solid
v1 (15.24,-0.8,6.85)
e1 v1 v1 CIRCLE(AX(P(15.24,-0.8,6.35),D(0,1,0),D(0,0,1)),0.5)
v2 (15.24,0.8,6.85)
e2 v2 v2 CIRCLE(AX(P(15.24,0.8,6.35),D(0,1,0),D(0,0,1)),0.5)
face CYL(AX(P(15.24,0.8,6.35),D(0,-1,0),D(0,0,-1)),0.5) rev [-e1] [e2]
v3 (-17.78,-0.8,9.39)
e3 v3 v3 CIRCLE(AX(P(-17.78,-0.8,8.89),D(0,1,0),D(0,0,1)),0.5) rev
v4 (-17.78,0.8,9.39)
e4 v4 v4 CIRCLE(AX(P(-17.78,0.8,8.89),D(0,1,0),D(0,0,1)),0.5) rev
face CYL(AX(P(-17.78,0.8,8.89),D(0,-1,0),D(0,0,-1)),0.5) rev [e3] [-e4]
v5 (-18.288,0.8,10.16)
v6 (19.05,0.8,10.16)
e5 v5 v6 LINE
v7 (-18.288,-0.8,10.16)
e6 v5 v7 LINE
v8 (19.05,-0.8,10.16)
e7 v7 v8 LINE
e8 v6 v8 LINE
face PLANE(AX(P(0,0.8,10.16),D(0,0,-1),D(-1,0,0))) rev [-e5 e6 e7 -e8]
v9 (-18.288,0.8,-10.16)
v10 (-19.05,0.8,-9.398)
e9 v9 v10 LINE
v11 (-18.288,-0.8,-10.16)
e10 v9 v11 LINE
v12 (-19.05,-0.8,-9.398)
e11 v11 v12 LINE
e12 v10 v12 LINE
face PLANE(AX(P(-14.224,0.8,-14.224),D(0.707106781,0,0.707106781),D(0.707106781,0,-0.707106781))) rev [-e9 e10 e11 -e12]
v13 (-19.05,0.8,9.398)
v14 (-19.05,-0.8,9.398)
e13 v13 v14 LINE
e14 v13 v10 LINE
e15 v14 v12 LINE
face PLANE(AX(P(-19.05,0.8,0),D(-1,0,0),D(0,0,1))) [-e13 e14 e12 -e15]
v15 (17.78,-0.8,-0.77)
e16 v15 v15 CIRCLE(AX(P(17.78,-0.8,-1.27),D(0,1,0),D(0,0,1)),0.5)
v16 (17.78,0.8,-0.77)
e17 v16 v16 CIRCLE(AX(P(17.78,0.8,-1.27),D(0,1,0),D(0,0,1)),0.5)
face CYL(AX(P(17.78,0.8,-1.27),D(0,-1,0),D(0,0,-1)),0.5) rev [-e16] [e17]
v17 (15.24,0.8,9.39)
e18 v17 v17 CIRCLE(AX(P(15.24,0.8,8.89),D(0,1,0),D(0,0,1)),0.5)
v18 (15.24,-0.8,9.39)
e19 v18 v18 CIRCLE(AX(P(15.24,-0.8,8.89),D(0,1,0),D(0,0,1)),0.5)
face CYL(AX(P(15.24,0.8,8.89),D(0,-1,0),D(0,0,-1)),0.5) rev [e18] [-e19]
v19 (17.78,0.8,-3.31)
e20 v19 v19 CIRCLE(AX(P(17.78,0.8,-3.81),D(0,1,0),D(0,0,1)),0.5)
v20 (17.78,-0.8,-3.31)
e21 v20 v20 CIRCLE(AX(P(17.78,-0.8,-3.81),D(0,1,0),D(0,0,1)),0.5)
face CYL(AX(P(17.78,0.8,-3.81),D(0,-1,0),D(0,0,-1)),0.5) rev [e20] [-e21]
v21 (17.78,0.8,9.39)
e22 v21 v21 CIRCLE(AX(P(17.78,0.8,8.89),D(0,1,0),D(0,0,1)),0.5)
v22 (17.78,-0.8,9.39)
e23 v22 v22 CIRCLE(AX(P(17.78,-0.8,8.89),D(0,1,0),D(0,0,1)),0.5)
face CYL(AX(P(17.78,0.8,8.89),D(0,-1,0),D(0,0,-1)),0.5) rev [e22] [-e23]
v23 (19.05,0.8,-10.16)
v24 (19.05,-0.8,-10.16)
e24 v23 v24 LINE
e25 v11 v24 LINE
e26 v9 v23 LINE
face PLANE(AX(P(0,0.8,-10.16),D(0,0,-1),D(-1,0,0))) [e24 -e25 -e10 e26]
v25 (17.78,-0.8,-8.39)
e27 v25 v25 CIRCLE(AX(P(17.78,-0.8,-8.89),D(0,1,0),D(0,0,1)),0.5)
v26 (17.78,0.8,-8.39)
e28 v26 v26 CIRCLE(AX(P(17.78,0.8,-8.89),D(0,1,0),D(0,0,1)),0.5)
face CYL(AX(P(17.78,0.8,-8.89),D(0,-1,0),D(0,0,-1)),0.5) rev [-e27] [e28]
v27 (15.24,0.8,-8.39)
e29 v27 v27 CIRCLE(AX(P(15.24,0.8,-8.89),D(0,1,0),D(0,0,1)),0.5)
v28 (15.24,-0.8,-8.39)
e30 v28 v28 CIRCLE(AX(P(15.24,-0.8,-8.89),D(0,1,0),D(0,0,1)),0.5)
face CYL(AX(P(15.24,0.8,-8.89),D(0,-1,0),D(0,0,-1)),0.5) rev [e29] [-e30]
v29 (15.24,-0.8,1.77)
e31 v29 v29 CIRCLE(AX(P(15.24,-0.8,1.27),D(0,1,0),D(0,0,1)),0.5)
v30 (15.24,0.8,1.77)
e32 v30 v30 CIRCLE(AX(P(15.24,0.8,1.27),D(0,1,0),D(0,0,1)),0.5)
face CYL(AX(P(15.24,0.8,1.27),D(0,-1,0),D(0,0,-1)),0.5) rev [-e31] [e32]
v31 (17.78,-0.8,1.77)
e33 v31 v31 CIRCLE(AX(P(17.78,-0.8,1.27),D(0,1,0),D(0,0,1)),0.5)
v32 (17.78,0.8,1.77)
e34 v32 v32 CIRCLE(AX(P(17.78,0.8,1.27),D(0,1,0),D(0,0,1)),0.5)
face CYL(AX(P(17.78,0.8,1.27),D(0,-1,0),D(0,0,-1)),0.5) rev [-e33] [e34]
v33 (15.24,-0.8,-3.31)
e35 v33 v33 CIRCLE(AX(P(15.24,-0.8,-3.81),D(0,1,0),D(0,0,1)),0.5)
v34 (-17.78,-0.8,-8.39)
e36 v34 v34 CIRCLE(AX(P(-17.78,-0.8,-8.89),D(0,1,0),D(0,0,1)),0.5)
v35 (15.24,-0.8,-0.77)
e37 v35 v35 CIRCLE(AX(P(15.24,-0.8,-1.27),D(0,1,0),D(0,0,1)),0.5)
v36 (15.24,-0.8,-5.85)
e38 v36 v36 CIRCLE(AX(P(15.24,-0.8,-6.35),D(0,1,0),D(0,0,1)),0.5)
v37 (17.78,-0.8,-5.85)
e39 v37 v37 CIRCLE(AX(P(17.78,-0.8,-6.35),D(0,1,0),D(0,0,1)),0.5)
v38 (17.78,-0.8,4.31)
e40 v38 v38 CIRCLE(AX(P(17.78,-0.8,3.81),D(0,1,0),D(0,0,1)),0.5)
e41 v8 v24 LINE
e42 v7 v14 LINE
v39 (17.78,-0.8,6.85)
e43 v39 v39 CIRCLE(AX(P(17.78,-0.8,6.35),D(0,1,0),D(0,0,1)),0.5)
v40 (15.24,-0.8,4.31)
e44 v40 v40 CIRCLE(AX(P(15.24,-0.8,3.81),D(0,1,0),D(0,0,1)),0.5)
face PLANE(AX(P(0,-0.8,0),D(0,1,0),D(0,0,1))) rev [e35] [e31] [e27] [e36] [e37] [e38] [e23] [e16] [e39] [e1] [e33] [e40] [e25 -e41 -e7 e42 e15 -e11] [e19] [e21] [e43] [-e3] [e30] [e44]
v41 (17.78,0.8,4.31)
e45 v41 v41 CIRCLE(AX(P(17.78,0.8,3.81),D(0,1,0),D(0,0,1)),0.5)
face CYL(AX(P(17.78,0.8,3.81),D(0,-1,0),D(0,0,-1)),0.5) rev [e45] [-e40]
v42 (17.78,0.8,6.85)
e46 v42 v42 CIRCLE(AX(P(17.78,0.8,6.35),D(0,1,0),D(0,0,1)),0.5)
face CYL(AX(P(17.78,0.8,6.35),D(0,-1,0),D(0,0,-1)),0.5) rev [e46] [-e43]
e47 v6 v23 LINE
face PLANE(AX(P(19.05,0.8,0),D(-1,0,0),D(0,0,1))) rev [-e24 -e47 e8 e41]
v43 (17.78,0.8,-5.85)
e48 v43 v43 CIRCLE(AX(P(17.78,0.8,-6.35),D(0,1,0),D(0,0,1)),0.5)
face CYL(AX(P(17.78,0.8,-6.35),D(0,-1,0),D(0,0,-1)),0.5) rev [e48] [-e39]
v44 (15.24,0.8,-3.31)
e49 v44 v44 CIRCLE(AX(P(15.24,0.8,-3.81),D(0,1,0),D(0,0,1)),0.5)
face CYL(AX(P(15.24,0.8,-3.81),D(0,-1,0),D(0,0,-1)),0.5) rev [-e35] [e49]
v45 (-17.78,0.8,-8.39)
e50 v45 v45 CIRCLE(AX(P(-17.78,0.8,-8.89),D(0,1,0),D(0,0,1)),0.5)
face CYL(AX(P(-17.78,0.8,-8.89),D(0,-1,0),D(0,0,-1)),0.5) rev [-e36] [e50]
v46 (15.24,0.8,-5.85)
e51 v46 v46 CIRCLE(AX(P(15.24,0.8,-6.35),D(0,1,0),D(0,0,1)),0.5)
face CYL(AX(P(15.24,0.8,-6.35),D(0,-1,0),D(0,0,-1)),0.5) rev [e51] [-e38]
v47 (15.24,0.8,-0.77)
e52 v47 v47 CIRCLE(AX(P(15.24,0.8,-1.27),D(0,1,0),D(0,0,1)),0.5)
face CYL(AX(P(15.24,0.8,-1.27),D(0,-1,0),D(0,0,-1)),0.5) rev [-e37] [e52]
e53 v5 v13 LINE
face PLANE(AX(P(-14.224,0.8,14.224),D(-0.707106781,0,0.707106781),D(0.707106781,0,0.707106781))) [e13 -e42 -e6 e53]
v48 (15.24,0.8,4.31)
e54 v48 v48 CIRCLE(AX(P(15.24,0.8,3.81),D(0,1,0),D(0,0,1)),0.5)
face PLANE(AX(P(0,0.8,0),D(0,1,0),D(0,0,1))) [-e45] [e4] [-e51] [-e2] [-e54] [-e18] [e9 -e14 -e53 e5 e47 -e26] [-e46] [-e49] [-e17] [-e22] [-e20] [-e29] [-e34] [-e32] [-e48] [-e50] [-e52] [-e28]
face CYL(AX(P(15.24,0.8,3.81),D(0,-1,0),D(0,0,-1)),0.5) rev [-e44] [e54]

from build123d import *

# Parameters (mm, degrees)
SKETCH1_R           = 0.5
BOSS_EXTRUDE1_DEPTH = 0.8


with BuildPart() as part:
    # Sketch1 → Boss-Extrude1 (new, symmetric)
    with BuildSketch(Plane(origin=(0, 0, 0), x_dir=(1, 0, 0), z_dir=(0, 1, 0))):
        Polygon((-19.05, -9.398), (-18.288, -10.16), (19.05, -10.16), (19.05, 10.16), (-18.288, 10.16), (-19.05, 9.398), align=None)
        with Locations(Location((-17.78, -8.89, 0), (0, 0, 270))):
            Circle(SKETCH1_R, mode=Mode.SUBTRACT)
        with Locations(Location((15.24, -8.89, 0), (0, 0, 270))):
            Circle(SKETCH1_R, mode=Mode.SUBTRACT)
        with Locations(Location((17.78, -8.89, 0), (0, 0, 270))):
            Circle(SKETCH1_R, mode=Mode.SUBTRACT)
        with Locations(Location((15.24, -6.35, 0), (0, 0, 270))):
            Circle(SKETCH1_R, mode=Mode.SUBTRACT)
        with Locations(Location((17.78, -6.35, 0), (0, 0, 270))):
            Circle(SKETCH1_R, mode=Mode.SUBTRACT)
        with Locations(Location((15.24, -3.81, 0), (0, 0, 270))):
            Circle(SKETCH1_R, mode=Mode.SUBTRACT)
        with Locations(Location((17.78, -3.81, 0), (0, 0, 270))):
            Circle(SKETCH1_R, mode=Mode.SUBTRACT)
        with Locations(Location((15.24, -1.27, 0), (0, 0, 270))):
            Circle(SKETCH1_R, mode=Mode.SUBTRACT)
        with Locations(Location((17.78, -1.27, 0), (0, 0, 270))):
            Circle(SKETCH1_R, mode=Mode.SUBTRACT)
        with Locations(Location((-17.78, 8.89, 0), (0, 0, 270))):
            Circle(SKETCH1_R, mode=Mode.SUBTRACT)
        with Locations(Location((15.24, 1.27, 0), (0, 0, 270))):
            Circle(SKETCH1_R, mode=Mode.SUBTRACT)
        with Locations(Location((17.78, 1.27, 0), (0, 0, 270))):
            Circle(SKETCH1_R, mode=Mode.SUBTRACT)
        with Locations(Location((15.24, 3.81, 0), (0, 0, 270))):
            Circle(SKETCH1_R, mode=Mode.SUBTRACT)
        with Locations(Location((17.78, 3.81, 0), (0, 0, 270))):
            Circle(SKETCH1_R, mode=Mode.SUBTRACT)
        with Locations(Location((15.24, 6.35, 0), (0, 0, 270))):
            Circle(SKETCH1_R, mode=Mode.SUBTRACT)
        with Locations(Location((17.78, 6.35, 0), (0, 0, 270))):
            Circle(SKETCH1_R, mode=Mode.SUBTRACT)
        with Locations(Location((15.24, 8.89, 0), (0, 0, 270))):
            Circle(SKETCH1_R, mode=Mode.SUBTRACT)
        with Locations(Location((17.78, 8.89, 0), (0, 0, 270))):
            Circle(SKETCH1_R, mode=Mode.SUBTRACT)
    extrude(amount=BOSS_EXTRUDE1_DEPTH, both=True)


solid = part.part
